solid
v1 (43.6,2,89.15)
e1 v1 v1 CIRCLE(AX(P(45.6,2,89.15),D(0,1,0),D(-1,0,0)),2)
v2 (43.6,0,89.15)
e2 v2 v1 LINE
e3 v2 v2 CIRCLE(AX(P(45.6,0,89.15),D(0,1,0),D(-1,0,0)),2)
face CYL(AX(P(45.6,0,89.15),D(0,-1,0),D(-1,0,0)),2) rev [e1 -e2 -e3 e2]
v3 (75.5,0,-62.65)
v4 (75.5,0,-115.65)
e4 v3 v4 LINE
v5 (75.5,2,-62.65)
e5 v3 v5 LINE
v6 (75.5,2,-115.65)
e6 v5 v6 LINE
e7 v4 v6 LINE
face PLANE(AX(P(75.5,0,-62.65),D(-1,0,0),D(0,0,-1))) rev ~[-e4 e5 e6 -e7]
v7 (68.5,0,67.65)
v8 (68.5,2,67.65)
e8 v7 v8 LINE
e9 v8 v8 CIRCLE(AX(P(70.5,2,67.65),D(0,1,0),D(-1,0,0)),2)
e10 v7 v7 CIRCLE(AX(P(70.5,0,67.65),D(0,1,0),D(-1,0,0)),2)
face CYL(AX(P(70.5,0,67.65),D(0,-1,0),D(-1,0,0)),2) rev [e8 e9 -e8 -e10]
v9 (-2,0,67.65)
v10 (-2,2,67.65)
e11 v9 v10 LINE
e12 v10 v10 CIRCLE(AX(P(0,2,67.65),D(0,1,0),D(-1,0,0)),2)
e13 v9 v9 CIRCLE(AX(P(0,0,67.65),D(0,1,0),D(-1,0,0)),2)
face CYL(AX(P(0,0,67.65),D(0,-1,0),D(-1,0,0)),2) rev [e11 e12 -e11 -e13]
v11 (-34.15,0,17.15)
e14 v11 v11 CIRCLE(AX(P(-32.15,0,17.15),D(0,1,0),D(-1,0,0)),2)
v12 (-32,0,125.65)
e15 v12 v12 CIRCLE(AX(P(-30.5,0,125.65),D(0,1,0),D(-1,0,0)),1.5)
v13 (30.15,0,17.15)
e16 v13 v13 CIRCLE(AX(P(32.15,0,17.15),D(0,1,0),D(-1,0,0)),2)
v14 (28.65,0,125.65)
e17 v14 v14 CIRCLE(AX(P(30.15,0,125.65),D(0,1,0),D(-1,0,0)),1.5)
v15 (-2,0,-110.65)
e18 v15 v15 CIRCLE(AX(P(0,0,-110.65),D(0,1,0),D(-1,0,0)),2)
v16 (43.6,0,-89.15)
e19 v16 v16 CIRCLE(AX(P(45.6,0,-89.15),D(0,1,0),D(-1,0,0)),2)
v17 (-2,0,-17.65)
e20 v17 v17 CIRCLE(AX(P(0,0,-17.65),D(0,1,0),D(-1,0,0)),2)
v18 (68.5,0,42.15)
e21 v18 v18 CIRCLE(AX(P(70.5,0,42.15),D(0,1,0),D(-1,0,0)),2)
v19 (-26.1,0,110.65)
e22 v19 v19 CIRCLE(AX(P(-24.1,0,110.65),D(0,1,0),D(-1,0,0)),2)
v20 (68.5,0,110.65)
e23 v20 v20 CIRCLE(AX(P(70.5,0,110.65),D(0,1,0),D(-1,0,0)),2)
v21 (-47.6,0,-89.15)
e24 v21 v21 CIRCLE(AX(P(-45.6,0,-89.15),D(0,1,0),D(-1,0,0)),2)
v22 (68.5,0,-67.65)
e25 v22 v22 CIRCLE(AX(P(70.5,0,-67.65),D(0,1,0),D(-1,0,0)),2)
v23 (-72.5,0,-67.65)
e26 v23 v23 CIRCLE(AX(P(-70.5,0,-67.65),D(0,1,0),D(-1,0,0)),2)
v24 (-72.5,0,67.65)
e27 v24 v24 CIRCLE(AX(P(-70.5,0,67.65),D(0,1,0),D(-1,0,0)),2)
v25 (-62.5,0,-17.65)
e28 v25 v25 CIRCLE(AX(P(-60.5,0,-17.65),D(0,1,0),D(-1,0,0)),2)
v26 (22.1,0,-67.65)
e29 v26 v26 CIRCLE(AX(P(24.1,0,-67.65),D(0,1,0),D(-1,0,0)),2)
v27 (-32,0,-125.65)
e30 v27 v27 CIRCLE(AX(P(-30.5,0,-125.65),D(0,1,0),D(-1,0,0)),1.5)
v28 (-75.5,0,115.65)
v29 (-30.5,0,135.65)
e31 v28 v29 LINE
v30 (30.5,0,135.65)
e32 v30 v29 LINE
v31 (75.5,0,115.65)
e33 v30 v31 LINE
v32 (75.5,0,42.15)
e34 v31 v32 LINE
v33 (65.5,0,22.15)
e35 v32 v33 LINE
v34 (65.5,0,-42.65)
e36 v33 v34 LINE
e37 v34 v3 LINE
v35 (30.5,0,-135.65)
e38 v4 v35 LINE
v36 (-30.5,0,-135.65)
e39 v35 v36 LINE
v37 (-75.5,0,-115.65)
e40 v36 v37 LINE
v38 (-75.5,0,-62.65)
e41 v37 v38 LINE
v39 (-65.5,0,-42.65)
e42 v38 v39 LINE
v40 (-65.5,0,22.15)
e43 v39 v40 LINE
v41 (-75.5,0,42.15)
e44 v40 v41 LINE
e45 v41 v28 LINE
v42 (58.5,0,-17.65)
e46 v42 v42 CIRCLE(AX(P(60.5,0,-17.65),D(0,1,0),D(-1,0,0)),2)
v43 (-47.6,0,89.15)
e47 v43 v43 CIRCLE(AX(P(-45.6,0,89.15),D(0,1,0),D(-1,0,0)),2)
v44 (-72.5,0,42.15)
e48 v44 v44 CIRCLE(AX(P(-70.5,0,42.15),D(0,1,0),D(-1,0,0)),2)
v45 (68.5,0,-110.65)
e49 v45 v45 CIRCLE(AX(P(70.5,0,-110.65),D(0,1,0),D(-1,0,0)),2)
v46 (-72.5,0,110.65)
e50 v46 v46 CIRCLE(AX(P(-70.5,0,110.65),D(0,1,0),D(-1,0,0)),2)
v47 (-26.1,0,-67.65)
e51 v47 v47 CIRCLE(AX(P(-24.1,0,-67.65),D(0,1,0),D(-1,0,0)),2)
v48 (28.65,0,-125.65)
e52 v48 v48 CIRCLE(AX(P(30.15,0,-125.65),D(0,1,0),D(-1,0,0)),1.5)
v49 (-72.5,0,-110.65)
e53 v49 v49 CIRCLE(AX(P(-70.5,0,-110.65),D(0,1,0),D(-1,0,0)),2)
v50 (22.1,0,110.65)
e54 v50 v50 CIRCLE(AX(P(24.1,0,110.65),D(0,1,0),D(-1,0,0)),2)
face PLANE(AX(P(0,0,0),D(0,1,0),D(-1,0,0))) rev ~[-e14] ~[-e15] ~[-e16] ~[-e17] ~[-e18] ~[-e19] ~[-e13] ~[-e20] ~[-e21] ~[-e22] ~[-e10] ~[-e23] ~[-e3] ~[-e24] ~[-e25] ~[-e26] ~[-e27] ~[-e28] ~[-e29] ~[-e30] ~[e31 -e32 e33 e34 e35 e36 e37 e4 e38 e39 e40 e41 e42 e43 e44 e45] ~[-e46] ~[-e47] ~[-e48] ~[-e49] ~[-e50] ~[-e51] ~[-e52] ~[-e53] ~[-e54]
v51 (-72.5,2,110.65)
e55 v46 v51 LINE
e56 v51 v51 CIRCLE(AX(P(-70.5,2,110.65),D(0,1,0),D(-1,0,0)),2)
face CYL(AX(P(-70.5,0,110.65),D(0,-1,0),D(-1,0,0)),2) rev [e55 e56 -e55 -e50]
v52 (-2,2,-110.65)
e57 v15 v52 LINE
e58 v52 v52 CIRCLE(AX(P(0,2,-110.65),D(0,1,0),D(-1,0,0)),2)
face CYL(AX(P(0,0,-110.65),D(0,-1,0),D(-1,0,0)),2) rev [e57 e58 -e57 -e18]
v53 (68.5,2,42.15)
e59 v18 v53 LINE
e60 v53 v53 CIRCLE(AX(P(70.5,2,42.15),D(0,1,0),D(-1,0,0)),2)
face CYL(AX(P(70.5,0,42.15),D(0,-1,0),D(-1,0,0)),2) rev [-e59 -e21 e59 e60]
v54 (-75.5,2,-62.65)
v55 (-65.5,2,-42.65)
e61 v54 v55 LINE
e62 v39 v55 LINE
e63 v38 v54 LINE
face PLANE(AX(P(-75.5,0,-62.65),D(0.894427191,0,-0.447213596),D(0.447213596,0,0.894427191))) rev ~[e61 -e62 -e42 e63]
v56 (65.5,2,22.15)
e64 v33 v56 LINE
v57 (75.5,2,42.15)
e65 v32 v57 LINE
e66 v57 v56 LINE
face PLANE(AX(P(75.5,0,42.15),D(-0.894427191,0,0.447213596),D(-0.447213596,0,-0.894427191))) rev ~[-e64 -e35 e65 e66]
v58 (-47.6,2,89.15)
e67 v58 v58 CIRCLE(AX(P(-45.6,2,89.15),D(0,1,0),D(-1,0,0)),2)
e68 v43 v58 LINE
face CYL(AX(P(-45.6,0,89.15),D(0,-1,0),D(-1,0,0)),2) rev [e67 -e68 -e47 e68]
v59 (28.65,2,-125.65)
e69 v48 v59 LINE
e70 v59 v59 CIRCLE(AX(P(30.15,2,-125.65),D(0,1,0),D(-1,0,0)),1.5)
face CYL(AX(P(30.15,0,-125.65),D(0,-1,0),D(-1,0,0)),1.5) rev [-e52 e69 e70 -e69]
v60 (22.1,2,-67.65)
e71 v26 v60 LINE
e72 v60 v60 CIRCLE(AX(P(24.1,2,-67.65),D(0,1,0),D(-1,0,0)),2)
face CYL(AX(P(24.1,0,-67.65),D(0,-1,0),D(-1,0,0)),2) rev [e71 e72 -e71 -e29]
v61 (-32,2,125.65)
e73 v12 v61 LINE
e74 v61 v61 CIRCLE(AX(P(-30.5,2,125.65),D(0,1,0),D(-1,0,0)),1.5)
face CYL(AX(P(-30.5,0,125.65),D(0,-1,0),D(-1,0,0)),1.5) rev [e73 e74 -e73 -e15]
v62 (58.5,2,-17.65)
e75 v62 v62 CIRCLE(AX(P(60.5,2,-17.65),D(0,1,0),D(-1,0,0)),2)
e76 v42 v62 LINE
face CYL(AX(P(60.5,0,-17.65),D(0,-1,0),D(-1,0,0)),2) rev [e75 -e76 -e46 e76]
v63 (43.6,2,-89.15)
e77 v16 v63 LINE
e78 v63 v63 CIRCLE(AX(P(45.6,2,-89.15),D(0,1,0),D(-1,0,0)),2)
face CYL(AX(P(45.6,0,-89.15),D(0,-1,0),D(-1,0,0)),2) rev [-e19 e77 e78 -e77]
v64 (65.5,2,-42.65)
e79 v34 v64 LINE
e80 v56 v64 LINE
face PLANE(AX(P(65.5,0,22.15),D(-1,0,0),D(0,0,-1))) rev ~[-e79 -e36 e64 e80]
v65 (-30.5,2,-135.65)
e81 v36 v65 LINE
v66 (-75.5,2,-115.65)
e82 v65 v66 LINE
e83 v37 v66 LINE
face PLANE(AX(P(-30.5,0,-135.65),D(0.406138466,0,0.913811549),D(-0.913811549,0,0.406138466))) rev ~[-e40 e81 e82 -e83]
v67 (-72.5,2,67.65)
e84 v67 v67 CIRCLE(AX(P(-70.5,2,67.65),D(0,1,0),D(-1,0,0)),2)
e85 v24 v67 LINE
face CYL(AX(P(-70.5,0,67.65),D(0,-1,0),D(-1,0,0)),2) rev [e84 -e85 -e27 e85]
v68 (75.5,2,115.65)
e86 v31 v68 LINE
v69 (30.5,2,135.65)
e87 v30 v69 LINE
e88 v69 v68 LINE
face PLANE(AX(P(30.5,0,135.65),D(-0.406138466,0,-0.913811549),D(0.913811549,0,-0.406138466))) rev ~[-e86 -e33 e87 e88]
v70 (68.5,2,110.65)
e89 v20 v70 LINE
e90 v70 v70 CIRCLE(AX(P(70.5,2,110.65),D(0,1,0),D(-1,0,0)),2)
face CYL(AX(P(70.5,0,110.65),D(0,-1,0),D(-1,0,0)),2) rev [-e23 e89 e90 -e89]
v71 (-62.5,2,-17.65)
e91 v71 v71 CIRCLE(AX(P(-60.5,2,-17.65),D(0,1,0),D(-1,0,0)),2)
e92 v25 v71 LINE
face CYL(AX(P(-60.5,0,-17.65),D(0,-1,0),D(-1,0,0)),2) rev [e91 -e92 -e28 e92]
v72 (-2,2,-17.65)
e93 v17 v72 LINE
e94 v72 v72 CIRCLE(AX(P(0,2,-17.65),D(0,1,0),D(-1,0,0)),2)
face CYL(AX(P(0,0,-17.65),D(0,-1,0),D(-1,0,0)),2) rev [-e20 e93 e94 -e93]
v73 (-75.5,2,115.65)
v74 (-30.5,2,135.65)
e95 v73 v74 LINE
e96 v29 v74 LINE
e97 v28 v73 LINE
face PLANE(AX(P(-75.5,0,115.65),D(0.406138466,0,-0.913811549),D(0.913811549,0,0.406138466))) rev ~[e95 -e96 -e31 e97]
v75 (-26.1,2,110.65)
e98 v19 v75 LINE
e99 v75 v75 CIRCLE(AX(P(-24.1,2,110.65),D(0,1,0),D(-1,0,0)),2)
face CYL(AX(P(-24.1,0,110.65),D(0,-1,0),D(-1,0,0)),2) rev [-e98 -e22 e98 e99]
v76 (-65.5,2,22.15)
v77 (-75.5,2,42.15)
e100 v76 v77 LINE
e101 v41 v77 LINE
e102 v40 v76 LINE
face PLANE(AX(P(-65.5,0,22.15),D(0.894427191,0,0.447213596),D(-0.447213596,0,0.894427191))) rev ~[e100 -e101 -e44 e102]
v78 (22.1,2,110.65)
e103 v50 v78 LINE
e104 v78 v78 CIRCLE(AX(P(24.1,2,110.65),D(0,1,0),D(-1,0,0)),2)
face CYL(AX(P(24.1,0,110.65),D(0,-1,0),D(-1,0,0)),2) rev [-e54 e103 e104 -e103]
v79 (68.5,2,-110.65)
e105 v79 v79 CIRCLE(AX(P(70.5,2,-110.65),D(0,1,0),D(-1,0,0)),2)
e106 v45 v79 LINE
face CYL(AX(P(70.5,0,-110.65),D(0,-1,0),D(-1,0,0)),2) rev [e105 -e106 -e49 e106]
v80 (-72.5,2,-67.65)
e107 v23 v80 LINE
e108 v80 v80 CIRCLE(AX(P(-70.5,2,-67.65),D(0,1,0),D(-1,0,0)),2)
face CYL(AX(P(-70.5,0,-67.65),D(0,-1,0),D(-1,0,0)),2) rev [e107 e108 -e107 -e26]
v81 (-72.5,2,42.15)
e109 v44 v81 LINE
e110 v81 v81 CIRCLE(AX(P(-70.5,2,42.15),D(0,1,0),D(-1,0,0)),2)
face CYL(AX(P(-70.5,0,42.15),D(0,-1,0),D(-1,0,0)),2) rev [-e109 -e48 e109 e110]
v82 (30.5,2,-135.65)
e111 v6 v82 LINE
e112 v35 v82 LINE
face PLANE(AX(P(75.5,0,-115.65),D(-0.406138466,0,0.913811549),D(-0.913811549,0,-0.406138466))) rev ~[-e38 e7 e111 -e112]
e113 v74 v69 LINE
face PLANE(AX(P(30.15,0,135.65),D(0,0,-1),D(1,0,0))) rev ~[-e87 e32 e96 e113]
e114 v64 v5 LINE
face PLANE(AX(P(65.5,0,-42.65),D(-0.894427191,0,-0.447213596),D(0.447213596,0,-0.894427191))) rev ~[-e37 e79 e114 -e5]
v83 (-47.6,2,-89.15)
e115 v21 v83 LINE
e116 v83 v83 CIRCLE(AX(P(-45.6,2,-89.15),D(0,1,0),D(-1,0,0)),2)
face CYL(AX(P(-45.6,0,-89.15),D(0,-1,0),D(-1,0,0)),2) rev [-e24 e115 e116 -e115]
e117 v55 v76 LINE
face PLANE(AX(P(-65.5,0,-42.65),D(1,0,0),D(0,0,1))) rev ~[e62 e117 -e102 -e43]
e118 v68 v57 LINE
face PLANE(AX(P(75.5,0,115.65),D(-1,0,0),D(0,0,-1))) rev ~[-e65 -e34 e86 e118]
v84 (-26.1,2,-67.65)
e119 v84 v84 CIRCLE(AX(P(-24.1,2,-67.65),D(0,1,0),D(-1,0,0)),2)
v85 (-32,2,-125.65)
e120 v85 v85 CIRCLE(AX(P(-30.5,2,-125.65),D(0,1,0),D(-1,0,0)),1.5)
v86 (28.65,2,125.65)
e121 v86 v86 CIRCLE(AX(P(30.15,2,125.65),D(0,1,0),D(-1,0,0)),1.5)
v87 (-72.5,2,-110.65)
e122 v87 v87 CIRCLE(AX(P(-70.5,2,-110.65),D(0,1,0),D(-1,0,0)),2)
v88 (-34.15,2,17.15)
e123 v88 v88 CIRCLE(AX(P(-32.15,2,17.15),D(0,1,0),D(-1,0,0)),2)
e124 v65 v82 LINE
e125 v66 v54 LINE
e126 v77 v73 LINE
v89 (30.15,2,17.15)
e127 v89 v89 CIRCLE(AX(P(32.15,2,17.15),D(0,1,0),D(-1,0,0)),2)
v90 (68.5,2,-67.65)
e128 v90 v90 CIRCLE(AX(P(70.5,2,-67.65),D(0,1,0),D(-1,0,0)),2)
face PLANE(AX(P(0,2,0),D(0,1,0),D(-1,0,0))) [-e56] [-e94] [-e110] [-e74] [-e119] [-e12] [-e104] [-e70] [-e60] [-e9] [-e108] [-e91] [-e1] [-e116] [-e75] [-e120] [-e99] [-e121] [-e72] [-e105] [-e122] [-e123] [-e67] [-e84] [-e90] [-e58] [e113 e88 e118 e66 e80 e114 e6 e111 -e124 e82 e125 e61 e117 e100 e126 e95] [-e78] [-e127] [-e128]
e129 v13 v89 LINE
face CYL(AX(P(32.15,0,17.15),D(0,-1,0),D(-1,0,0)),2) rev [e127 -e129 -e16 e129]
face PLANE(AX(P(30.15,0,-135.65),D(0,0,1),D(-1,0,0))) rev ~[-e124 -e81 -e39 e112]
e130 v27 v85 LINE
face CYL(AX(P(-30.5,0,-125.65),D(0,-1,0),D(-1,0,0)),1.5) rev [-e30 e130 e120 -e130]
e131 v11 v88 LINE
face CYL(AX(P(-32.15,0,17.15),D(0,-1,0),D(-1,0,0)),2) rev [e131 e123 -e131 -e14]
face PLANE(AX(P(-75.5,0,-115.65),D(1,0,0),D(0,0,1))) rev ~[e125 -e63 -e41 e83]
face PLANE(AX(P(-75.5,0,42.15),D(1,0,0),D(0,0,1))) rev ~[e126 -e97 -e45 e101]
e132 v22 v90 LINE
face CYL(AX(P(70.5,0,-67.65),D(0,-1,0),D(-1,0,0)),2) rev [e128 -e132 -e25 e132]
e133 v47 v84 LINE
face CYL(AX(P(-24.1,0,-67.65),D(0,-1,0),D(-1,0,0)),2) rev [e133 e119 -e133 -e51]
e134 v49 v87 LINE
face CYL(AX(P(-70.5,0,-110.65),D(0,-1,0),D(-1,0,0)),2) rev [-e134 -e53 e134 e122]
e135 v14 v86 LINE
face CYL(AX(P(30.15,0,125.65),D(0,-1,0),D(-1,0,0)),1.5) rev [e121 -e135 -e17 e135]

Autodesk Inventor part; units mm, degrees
ref_plane "YZ Plane" through (0, 0, 0) normal (1, 0, 0) x (0, 1, 0)
ref_plane "XZ Plane" through (0, 0, 0) normal (0, 1, 0) x (-1, 0, 0)
ref_plane "XY Plane" through (0, 0, 0) normal (0, 0, 1) x (1, 0, 0)
sketch "Sketch1" plane through (0, 0, 0) normal (0, 1, 0) x (-1, 0, 0)
  circle A0 centre (24.1, 110.65) radius 0.25
  circle A1 centre (-70.5, 110.65) radius 0.25
  circle A2 centre (-45.6, 89.15) radius 0.25
  circle A3 centre (0, 67.65) radius 0.25
  circle A4 centre (70.5, 42.15) radius 0.25
  circle A5 centre (32.15, 17.15) radius 0.25
  circle A6 centre (60.5, -17.65) radius 0.25
  circle A7 centre (-60.5, -17.65) radius 0.25
  circle A8 centre (24.1, -67.65) radius 0.25
  circle A9 centre (-70.5, -67.65) radius 0.25
  circle A10 centre (-45.6, -89.15) radius 0.25
  circle A11 centre (0, -110.65) radius 0.25
  circle A12 centre (-70.5, -110.65) radius 0.25
  circle A13 centre (70.5, -110.65) radius 0.25
  circle A14 centre (45.6, -89.15) radius 0.25
  circle A15 centre (-24.1, -67.65) radius 0.25
  circle A16 centre (70.5, -67.65) radius 0.25
  circle A17 centre (0, -17.65) radius 0.25
  circle A18 centre (-32.15, 17.15) radius 0.25
  circle A19 centre (-70.5, 42.15) radius 0.25
  circle A20 centre (-70.5, 67.65) radius 0.25
  circle A21 centre (70.5, 67.65) radius 0.25
  circle A22 centre (45.6, 89.15) radius 0.25
  circle A23 centre (-24.1, 110.65) radius 0.25
  circle A24 centre (70.5, 110.65) radius 0.25
  line L0 (75.5, -115.65) -> (75.5, -62.65)
  line L1 (75.5, -62.65) -> (65.5, -42.65)
  line L2 (65.5, -42.65) -> (65.5, 22.15)
  line L3 (65.5, 22.15) -> (75.5, 42.15)
  line L4 (75.5, 42.15) -> (75.5, 115.65)
  line L5 (75.5, 115.65) -> (30.5, 135.65)
  line L6 (30.5, 135.65) -> (-30.5, 135.65)
  line L7 (-30.5, 135.65) -> (-75.5, 115.65)
  line L8 (-75.5, 115.65) -> (-75.5, 42.15)
  line L9 (-75.5, 42.15) -> (-65.5, 22.15)
  line L10 (-65.5, 22.15) -> (-65.5, -42.65)
  line L11 (-65.5, -42.65) -> (-75.5, -62.65)
  line L12 (-75.5, -62.65) -> (-75.5, -115.65)
  line L13 (-75.5, -115.65) -> (-30.5, -135.65)
  line L14 (-30.5, -135.65) -> (30.5, -135.65)
  line L15 (30.5, -135.65) -> (75.5, -115.65)
  circle A25 centre (0, -110.65) radius 2
  circle A26 centre (70.5, -110.65) radius 2
  circle A27 centre (-70.5, -110.65) radius 2
  circle A28 centre (45.6, -89.15) radius 2
  circle A29 centre (-45.6, -89.15) radius 2
  circle A30 centre (70.5, -67.65) radius 2
  circle A31 centre (24.1, -67.65) radius 2
  circle A32 centre (-24.1, -67.65) radius 2
  circle A33 centre (-70.5, -67.65) radius 2
  circle A34 centre (60.5, -17.65) radius 2
  circle A35 centre (0, -17.65) radius 2
  circle A36 centre (-32.15, 17.15) radius 2
  circle A37 centre (-60.5, -17.65) radius 2
  circle A38 centre (32.15, 17.15) radius 2
  circle A39 centre (70.5, 42.15) radius 2
  circle A40 centre (-70.5, 42.15) radius 2
  circle A41 centre (-70.5, 67.65) radius 2
  circle A42 centre (0, 67.65) radius 2
  circle A43 centre (70.5, 67.65) radius 2
  circle A44 centre (45.6, 89.15) radius 2
  circle A45 centre (-45.6, 89.15) radius 2
  circle A46 centre (-70.5, 110.65) radius 2
  circle A47 centre (-24.1, 110.65) radius 2
  circle A48 centre (24.1, 110.65) radius 2
  circle A49 centre (70.5, 110.65) radius 2
  line L16 (30.5, 135.65) -> (-30.15, 135.65)
  circle A50 centre (30.5, 125.65) radius 1.5
  circle A51 centre (-30.15, 125.65) radius 1.5
  line L17 (30.5, -135.65) -> (-30.15, -135.65)
  circle A52 centre (30.5, -125.65) radius 1.5
  circle A53 centre (-30.15, -125.65) radius 1.5
  point P0 (0, 0)
  point P1 (0, 0)
  dimension "d0" = 4
  dimension "d1" = 4
  dimension "d2" = 4
  dimension "d3" = 4
  dimension "d4" = 4
  dimension "d5" = 4
  dimension "d6" = 4
  dimension "d7" = 4
  dimension "d8" = 4
  dimension "d9" = 4
  dimension "d10" = 4
  dimension "d11" = 4
  dimension "d12" = 4
  dimension "d13" = 4
  dimension "d14" = 4
  dimension "d15" = 4
  dimension "d16" = 4
  dimension "d17" = 4
  dimension "d18" = 4
  dimension "d19" = 4
  dimension "d20" = 4
  dimension "d21" = 4
  dimension "d22" = 4
  dimension "d23" = 4
  dimension "d24" = 4
  dimension "d28" = 3
  dimension "d29" = 3
  dimension "d31" = 3
  dimension "d32" = 3
extrude "Extrusion1" add sketch "Sketch1" along normal blind 2 contours L15 L14 L13 L12 L11 L10 L9 L8 L7 L6 L5 L4 L3 L2 L1 L0 | A50 | A51 | A52 | A53
extrude "Extrusion2" cut sketch "Sketch1" along normal blind 2 contours A50 | A51 | A52 | A53
properties part number "podvozek"
